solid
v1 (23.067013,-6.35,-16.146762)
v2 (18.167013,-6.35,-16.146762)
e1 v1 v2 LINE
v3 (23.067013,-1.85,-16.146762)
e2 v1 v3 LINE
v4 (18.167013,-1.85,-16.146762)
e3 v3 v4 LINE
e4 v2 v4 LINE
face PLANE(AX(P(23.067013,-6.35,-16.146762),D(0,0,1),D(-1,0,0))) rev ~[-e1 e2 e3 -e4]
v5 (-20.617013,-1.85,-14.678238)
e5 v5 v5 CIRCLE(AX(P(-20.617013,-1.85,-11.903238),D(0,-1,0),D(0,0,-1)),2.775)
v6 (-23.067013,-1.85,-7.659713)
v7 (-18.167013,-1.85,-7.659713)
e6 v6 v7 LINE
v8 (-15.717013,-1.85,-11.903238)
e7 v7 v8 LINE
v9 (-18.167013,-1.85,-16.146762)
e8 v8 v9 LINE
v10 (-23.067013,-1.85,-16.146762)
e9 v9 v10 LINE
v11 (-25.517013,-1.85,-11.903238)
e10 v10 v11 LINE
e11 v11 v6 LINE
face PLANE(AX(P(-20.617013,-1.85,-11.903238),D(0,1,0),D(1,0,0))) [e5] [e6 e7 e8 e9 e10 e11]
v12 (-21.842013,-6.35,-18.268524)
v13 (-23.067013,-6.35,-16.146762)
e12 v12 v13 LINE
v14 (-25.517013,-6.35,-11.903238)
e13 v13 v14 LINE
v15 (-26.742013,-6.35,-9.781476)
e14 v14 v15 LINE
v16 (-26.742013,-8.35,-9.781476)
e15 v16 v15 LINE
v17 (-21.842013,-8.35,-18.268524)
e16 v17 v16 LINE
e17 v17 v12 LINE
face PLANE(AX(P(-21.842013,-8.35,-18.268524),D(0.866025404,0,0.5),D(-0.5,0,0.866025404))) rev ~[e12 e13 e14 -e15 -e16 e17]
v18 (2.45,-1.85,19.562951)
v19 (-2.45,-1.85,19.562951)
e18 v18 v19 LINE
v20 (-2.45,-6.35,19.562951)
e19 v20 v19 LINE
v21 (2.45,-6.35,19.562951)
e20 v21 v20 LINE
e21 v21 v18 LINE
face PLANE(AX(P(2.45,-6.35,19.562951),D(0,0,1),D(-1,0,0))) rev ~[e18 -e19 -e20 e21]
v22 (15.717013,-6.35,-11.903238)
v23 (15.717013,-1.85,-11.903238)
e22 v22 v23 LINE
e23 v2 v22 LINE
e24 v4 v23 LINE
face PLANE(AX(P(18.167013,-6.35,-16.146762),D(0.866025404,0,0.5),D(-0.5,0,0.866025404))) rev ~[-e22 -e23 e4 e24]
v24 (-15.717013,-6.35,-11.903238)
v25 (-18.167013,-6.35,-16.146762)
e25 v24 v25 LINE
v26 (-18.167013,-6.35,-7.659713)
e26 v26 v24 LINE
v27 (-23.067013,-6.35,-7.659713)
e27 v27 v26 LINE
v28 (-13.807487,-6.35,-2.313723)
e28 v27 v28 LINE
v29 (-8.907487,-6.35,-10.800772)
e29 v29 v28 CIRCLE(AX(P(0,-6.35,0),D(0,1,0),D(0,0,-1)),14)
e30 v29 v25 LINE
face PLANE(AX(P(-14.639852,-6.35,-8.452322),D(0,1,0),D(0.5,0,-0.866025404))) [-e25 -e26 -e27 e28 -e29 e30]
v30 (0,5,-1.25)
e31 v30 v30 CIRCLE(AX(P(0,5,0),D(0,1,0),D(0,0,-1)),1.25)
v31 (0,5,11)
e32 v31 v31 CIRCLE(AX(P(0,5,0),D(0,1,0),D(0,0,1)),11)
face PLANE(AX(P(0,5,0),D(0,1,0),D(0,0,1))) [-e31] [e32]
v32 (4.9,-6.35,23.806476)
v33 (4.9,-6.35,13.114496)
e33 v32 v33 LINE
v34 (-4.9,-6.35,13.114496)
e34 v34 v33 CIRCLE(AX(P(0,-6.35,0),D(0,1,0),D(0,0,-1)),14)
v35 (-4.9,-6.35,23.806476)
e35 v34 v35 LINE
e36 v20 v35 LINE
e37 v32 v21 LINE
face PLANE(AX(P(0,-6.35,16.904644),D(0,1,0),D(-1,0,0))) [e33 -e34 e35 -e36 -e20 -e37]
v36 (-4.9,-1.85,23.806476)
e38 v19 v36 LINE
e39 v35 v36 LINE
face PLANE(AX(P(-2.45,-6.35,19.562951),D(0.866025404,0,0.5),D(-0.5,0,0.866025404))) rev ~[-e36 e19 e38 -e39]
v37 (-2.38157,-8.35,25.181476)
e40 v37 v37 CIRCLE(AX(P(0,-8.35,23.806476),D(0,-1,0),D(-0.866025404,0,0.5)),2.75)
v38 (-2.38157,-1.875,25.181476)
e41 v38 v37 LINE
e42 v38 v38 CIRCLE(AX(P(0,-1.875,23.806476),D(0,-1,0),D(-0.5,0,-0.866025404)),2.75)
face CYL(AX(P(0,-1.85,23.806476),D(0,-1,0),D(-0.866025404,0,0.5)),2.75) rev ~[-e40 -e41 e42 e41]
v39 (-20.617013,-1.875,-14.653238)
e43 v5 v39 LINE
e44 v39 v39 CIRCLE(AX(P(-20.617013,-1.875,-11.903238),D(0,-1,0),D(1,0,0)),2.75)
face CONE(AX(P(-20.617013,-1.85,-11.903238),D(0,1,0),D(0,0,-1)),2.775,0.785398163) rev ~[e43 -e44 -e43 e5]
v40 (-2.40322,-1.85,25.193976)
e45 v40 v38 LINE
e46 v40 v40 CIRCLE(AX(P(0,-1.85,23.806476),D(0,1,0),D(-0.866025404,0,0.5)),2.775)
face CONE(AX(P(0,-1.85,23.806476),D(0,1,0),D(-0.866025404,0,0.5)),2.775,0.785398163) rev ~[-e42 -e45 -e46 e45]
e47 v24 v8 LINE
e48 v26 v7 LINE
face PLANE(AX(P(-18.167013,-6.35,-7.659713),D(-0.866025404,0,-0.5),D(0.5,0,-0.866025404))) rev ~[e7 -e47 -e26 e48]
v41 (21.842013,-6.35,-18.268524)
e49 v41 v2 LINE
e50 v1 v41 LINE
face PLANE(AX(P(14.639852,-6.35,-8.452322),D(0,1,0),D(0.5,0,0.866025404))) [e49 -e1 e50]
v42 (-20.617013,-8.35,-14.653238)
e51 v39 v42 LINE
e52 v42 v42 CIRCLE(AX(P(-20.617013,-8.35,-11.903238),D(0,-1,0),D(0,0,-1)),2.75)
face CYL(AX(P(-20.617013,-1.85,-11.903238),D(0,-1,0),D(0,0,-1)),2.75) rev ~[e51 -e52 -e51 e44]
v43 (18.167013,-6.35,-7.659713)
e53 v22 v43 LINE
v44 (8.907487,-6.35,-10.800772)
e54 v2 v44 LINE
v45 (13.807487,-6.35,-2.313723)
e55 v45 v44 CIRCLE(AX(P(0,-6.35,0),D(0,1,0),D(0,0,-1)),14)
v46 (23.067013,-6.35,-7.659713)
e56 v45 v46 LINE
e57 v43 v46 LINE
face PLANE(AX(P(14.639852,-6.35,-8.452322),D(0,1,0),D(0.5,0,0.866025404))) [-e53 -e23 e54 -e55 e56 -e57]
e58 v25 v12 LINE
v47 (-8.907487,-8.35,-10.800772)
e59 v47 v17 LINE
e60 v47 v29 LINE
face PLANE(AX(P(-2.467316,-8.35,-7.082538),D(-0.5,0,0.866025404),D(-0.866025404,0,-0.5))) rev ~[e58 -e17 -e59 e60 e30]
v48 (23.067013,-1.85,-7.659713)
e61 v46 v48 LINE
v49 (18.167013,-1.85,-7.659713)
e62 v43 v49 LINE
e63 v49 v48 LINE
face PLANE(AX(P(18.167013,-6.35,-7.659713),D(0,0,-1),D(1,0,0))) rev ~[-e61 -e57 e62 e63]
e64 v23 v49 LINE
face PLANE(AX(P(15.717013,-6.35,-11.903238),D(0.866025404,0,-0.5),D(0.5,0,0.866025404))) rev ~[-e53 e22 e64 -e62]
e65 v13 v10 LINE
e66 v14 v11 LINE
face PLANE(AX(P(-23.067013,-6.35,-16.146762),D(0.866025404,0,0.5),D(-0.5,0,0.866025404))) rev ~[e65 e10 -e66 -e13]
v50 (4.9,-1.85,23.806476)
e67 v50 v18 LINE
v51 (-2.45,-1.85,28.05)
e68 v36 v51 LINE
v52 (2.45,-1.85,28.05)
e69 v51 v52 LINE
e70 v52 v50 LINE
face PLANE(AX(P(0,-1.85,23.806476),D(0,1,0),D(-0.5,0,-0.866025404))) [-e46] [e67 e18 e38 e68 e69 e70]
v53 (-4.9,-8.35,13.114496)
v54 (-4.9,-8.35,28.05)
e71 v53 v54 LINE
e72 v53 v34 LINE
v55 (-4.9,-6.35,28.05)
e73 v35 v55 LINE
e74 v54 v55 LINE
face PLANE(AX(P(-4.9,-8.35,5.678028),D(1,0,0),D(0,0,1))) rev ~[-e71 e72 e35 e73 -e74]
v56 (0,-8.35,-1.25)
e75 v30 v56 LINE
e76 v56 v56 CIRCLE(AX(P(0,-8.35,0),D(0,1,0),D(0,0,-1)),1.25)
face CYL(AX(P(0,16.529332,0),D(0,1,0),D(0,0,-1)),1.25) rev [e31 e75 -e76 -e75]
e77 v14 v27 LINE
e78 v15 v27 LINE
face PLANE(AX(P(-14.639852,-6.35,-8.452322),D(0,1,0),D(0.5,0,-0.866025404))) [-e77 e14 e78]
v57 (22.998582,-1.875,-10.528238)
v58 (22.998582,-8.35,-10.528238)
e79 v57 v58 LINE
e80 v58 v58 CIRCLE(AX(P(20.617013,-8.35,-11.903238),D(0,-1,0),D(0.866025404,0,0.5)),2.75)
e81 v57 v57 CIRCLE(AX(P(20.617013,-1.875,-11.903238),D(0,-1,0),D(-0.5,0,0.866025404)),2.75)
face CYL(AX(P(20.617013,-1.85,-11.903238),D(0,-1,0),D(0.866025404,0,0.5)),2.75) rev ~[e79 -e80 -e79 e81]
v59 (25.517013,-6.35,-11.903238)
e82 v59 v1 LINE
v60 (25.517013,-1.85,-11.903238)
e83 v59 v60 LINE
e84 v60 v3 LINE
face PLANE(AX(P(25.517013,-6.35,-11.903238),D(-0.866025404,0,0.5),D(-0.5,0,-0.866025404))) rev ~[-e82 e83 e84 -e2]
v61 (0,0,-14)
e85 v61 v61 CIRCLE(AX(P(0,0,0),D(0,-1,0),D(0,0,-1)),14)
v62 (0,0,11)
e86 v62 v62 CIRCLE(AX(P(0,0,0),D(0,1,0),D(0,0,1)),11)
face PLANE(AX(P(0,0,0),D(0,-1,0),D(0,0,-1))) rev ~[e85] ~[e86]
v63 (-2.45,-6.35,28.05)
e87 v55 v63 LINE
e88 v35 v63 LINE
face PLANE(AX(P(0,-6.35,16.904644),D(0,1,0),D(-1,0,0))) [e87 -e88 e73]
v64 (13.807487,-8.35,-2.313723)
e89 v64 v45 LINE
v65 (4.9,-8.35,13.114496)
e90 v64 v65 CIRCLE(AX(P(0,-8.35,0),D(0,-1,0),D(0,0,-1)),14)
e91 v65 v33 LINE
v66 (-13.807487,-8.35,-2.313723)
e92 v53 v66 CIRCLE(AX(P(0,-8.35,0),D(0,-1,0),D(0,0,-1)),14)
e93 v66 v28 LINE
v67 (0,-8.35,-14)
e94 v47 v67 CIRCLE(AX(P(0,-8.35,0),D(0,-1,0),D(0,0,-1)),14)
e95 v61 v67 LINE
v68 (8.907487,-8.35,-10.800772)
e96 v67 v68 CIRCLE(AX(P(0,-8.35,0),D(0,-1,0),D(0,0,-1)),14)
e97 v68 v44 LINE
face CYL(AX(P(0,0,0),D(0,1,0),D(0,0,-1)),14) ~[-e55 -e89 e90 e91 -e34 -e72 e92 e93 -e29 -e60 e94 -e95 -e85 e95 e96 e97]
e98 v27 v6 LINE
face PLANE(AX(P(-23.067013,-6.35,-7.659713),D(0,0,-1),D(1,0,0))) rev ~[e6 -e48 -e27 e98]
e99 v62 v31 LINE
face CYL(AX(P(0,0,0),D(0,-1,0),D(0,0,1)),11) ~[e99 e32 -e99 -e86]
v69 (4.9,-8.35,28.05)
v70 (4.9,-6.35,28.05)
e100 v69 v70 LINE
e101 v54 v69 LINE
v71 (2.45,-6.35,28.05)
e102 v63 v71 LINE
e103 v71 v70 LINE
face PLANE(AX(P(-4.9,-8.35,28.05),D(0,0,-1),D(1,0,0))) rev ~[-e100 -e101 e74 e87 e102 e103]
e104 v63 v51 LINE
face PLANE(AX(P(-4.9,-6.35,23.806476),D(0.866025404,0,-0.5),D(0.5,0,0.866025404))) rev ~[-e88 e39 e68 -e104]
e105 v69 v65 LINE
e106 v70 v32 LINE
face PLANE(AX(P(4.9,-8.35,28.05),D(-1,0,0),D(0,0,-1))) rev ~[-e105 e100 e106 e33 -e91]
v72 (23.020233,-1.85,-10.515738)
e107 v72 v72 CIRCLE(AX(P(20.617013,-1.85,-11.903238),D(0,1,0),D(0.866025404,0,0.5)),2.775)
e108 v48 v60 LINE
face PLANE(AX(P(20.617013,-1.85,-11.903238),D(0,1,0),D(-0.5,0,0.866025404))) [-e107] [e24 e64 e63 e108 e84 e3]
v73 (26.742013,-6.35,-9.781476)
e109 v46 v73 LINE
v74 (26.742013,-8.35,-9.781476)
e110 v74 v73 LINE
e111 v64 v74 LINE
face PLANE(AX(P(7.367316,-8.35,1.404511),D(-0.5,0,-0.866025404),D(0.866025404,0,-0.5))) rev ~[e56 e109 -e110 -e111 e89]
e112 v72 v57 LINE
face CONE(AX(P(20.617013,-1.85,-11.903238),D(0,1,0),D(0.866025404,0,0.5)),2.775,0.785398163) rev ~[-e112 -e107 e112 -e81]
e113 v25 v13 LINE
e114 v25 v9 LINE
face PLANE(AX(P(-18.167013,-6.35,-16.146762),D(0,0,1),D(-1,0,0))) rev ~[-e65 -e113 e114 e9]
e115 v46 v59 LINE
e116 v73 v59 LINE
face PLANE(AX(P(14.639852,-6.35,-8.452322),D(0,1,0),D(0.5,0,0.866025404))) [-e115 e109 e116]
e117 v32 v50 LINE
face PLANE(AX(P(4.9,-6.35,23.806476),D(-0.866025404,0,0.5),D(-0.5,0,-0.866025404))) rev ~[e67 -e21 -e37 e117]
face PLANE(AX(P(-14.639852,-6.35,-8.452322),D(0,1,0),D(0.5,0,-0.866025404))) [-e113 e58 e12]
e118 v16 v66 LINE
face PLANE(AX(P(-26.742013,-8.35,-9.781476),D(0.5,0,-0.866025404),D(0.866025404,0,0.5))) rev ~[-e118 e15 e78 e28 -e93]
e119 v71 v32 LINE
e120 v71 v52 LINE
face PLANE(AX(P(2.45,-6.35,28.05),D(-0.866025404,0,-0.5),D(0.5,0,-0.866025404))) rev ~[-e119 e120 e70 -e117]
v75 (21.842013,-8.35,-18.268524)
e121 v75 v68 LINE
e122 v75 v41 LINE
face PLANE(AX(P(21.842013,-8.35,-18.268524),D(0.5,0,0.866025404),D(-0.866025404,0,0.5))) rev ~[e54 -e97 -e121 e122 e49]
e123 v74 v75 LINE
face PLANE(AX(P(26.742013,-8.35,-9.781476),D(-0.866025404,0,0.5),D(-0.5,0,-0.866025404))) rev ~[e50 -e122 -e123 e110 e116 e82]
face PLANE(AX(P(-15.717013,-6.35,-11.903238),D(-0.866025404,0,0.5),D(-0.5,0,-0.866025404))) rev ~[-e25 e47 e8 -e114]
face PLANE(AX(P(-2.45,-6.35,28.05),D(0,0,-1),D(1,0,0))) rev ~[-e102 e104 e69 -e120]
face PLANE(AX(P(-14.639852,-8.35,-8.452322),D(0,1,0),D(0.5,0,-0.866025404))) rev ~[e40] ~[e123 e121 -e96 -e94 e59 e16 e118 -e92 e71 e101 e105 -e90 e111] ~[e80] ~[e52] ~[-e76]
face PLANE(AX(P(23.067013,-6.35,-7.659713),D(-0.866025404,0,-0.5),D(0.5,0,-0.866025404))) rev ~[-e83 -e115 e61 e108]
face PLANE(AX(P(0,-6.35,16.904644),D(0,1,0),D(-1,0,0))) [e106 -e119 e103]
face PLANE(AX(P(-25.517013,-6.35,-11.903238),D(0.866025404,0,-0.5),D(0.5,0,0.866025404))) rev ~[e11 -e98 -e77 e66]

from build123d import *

# Parameters (mm, degrees)
ESQUISSE1_R                  = 11
BOSS_EXTRU_1_DEPTH           = 5
ESQUISSE3_R                  = 14
BOSS_EXTRU_3_DEPTH           = 8.35
ENL_V_MAT_EXTRU_1_DEPTH      = 24.879332068
ENL_V_MAT_EXTRU_1_DEPTH_BACK = 24.879332068
ESQUISSE5_R                  = 1.25
BOSS_EXTRU_6_DEPTH           = 2
R_P_TITION_CIRCULAIRE1_COUNT = 3
BOSS_EXTRU_8_DEPTH           = 4.5
R_P_TITION_CIRCULAIRE3_COUNT = 3
D_GAGEMENT_M51_D             = 5.5
D_GAGEMENT_M51_CSINK_D       = 5.55
D_GAGEMENT_M51_CSINK_ANGLE   = 90
R_P_TITION_CIRCULAIRE4_COUNT = 3


with BuildPart() as part:
    # Esquisse1 → Boss.-Extru.1 (new body)
    with BuildSketch(Plane(origin=(0, 0, 0), x_dir=(1, 0, 0), z_dir=(0, 1, 0))):
        with Locations(Location((0, 0, 0), (0, 0, 270))):
            Circle(ESQUISSE1_R)
    extrude(amount=BOSS_EXTRU_1_DEPTH)

    # Esquisse3 → Boss.-Extru.3 (add)
    with BuildSketch(Plane.XZ):
        with Locations(Location((0, 0, 0), (0, 0, 270))):
            Circle(ESQUISSE3_R)
    extrude(amount=BOSS_EXTRU_3_DEPTH)

    # Esquisse5 → Enlèv. mat.-Extru.1 (cut, two sides: drawn at the far end of the back side and taken through both)
    with BuildSketch(Plane.XZ.offset(8.35).offset(-ENL_V_MAT_EXTRU_1_DEPTH_BACK)):
        with Locations(Location((0, 0, 0), (0, 0, 270))):
            Circle(ESQUISSE5_R)
    extrude(amount=ENL_V_MAT_EXTRU_1_DEPTH + ENL_V_MAT_EXTRU_1_DEPTH_BACK, mode=Mode.SUBTRACT)

    # Esquisse8 → Boss.-Extru.6 (add)
    with BuildSketch(Plane.XZ.offset(8.35)):
        with BuildLine():
            Line((-4.9, 28.05), (4.9, 28.05))
            Line((4.9, 28.05), (4.9, 5.678027827))
            ThreePointArc((4.9, 5.678027827), (0, 7.5), (-4.9, 5.678027827))
            Line((-4.9, 5.678027827), (-4.9, 28.05))
        make_face()
    boss_extru_6 = extrude(amount=-BOSS_EXTRU_6_DEPTH)

    # Répétition circulaire1: Boss.-Extru.6 ×3 about axis
    r_p_tition_circulaire1_axis = Axis((0, 0, 0), (0, 1, 0))
    for i in range(1, R_P_TITION_CIRCULAIRE1_COUNT):
        add(boss_extru_6.rotate(r_p_tition_circulaire1_axis, i * 360 / R_P_TITION_CIRCULAIRE1_COUNT))

    # Esquisse13 → Boss.-Extru.8 (add)
    with BuildSketch(Plane(origin=(0, -6.35, 0), x_dir=(1, 0, 0), z_dir=(0, 1, 0))):
        Polygon((-23.067012576, 16.146762239), (-25.517012576, 11.903237761), (-23.067012576, 7.659713282), (-18.167012576, 7.659713282), (-15.717012576, 11.903237761), (-18.167012576, 16.146762239), align=None)
    boss_extru_8 = extrude(amount=BOSS_EXTRU_8_DEPTH)

    # Répétition circulaire3: Boss.-Extru.8 ×3 about axis
    r_p_tition_circulaire3_axis = Axis((0, 0, 0), (0, 1, 0))
    for i in range(1, R_P_TITION_CIRCULAIRE3_COUNT):
        add(boss_extru_8.rotate(r_p_tition_circulaire3_axis, i * 360 / R_P_TITION_CIRCULAIRE3_COUNT))

    # Dégagement M51 (through all)
    with Locations(Plane(origin=(-20.617012576, -1.85, -11.903237761), x_dir=(0, 0, 1), z_dir=(0, 1, 0))):
        with Locations((0, 0)):
            d_gagement_m51 = CounterSinkHole(D_GAGEMENT_M51_D / 2, D_GAGEMENT_M51_CSINK_D / 2, counter_sink_angle=D_GAGEMENT_M51_CSINK_ANGLE)

    # Répétition circulaire4: Dégagement M51 ×3 about axis
    r_p_tition_circulaire4_axis = Axis((0, 0, 0), (0, 1, 0))
    for i in range(1, R_P_TITION_CIRCULAIRE4_COUNT):
        add(d_gagement_m51.rotate(r_p_tition_circulaire4_axis, i * 360 / R_P_TITION_CIRCULAIRE4_COUNT), mode=Mode.SUBTRACT)


solid = part.part
